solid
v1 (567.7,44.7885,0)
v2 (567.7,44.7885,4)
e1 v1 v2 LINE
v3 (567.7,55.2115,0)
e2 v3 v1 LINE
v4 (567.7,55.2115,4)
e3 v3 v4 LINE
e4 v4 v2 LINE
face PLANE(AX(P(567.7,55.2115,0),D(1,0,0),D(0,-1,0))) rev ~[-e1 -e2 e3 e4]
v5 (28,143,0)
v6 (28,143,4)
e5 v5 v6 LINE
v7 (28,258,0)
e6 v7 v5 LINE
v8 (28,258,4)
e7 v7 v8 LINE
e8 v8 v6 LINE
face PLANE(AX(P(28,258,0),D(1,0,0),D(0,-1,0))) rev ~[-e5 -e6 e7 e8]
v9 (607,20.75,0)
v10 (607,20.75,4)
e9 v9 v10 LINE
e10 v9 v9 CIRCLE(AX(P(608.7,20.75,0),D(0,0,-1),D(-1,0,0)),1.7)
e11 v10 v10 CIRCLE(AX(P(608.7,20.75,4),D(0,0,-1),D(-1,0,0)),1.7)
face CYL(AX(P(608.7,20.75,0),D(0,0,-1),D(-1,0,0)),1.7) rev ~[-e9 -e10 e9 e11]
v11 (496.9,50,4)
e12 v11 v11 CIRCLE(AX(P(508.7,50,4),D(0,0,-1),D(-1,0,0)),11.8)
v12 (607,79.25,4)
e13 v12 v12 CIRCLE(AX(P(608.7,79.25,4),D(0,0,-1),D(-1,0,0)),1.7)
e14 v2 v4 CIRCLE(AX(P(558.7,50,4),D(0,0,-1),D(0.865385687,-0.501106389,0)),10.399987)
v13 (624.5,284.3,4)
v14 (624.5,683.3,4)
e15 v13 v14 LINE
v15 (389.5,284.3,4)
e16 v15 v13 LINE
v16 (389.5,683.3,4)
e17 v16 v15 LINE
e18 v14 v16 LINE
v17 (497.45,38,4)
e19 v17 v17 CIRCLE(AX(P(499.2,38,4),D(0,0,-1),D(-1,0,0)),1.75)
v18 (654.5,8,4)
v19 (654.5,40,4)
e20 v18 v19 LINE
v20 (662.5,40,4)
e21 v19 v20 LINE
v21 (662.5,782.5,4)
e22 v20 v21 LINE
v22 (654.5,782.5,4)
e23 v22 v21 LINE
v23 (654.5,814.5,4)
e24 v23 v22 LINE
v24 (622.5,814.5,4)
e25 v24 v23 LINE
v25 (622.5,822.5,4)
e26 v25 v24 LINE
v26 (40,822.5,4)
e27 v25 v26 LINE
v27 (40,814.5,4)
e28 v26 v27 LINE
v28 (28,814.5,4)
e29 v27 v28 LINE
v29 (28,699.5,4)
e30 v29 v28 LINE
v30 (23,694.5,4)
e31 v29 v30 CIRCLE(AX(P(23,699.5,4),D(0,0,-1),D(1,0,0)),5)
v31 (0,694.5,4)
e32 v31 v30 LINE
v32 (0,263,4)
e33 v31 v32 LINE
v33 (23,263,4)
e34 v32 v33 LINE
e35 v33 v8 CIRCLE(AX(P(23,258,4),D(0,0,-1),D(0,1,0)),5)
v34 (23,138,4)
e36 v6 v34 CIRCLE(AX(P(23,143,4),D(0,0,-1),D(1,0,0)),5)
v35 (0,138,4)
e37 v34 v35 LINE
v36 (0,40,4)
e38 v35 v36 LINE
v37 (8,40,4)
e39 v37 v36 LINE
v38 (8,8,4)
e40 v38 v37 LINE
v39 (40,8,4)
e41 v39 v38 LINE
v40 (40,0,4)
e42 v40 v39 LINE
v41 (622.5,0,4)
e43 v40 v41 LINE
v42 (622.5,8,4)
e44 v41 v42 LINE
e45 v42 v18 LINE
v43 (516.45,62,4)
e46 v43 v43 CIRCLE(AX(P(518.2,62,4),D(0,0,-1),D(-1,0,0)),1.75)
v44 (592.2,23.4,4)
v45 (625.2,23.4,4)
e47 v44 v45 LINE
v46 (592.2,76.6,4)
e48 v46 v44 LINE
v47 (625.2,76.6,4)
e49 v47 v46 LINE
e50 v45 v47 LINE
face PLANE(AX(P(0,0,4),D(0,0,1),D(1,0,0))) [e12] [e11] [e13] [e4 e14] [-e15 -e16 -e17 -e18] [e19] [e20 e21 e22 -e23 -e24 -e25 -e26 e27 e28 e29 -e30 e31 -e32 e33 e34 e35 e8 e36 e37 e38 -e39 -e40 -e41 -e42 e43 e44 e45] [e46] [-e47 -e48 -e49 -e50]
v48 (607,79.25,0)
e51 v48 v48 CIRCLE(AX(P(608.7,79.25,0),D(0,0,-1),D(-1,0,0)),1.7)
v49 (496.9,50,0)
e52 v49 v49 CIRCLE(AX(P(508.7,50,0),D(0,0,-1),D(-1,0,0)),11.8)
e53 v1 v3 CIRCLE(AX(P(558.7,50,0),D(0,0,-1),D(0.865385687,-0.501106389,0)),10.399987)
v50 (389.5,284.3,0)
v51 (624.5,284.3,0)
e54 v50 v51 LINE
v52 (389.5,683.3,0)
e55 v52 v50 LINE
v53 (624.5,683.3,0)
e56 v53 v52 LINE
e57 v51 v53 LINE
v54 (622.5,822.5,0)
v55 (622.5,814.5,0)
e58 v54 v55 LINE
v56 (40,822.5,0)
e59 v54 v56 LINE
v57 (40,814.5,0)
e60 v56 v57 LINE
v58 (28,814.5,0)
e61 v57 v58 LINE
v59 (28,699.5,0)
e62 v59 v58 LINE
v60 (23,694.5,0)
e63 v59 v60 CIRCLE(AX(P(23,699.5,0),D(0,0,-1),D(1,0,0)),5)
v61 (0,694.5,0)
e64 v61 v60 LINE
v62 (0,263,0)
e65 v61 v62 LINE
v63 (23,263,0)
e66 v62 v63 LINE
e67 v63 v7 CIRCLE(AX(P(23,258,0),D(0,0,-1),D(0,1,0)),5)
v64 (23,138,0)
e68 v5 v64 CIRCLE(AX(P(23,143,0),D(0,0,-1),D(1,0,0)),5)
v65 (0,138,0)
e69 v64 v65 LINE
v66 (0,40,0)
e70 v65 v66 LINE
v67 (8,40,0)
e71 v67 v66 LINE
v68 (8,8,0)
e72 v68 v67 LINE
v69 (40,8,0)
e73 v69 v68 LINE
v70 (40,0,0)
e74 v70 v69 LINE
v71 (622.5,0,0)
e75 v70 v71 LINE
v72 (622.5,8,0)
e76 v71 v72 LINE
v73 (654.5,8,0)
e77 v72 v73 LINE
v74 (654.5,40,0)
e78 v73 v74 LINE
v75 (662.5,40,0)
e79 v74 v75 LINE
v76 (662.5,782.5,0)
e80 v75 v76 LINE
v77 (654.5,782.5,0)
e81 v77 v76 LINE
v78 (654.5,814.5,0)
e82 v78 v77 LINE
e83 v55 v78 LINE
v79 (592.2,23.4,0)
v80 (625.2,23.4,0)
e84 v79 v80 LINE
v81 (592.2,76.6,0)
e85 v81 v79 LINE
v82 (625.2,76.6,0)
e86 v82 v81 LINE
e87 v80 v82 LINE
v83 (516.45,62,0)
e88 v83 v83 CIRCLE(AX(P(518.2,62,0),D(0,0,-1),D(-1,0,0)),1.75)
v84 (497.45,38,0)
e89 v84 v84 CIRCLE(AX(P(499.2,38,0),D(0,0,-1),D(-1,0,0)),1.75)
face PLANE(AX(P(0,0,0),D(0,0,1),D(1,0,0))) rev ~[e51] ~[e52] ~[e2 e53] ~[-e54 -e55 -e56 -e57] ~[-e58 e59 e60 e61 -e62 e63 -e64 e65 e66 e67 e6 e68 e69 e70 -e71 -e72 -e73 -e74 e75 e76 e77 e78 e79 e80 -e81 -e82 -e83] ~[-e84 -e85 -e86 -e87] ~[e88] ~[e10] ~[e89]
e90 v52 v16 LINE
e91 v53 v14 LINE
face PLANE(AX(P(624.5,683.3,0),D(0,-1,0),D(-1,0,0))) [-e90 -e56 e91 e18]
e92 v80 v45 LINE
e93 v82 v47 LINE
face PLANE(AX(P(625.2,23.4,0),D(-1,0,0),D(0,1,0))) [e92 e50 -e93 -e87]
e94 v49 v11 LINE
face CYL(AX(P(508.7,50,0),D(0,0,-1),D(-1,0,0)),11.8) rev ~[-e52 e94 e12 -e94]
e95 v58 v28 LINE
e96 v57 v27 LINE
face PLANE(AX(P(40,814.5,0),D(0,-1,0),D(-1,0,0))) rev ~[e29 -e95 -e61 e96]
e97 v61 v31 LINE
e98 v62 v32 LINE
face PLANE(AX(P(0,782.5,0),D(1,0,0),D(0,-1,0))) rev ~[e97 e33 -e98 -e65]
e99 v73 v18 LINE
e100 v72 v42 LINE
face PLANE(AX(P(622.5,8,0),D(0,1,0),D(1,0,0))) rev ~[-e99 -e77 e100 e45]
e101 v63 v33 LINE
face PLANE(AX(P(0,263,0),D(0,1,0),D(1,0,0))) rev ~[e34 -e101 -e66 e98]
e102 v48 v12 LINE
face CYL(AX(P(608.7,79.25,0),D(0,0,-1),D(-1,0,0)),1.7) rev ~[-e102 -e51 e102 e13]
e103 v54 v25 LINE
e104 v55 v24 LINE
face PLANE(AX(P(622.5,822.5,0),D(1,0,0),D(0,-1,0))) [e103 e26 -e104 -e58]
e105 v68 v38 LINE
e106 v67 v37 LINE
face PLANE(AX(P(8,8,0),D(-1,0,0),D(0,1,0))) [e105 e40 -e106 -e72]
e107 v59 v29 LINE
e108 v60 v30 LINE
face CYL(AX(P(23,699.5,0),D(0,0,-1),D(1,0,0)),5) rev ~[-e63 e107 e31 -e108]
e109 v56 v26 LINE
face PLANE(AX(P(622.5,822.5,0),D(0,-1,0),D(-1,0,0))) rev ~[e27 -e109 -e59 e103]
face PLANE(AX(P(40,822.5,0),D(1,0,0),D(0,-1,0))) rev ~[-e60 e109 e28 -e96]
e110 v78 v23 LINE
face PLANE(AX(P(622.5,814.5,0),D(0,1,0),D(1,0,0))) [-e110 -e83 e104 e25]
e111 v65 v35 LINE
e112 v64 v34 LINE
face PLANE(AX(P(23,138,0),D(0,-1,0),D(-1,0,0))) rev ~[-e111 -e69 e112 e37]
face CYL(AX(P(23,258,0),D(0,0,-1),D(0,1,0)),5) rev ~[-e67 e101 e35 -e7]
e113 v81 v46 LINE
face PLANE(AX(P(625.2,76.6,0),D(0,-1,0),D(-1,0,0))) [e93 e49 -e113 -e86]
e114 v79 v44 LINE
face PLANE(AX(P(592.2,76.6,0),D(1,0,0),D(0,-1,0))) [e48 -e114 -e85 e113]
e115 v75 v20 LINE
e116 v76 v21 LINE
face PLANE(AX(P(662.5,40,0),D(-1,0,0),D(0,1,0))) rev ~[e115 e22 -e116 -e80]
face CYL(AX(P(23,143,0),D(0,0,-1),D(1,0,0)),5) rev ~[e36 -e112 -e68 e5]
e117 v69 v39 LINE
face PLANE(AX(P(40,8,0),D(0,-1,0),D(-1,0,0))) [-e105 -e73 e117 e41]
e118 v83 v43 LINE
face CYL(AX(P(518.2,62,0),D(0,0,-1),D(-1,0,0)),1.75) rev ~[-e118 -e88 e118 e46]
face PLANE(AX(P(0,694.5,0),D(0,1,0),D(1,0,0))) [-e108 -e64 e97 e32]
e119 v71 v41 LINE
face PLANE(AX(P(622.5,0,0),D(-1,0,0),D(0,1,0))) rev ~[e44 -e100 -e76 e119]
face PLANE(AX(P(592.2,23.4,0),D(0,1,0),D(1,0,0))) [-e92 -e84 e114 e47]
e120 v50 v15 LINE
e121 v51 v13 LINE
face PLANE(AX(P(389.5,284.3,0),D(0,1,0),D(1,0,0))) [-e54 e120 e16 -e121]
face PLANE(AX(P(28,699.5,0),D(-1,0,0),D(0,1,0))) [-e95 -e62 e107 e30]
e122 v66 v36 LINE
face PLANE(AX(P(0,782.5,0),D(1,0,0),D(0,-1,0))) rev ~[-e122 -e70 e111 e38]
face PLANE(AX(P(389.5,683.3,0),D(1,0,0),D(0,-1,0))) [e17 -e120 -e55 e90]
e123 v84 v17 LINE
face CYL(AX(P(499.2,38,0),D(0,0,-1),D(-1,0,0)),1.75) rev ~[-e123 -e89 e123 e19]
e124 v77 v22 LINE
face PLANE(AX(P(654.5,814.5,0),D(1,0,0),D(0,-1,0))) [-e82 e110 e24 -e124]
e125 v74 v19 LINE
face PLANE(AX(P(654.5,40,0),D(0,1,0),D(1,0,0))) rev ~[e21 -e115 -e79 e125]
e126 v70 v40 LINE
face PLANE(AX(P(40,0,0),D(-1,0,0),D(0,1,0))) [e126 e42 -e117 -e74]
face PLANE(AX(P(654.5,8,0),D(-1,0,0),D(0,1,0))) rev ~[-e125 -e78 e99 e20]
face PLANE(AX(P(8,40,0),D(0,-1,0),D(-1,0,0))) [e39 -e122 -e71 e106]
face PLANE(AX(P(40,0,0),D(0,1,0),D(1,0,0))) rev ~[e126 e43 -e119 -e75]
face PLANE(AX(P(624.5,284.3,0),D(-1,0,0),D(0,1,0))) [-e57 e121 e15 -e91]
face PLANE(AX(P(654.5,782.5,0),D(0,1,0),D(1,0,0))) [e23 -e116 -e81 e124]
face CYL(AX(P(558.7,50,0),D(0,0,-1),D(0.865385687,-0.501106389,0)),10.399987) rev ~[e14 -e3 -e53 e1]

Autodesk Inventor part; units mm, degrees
ref_plane "YZ Plane" through (0, 0, 0) normal (1, 0, 0) x (0, 1, 0)
ref_plane "XZ Plane" through (0, 0, 0) normal (0, 1, 0) x (-1, 0, 0)
ref_plane "XY Plane" through (0, 0, 0) normal (0, 0, 1) x (1, 0, 0)
sketch "Skizze1" plane through (0, 0, 0) normal (0, 0, 1) x (1, 0, 0)
  line L0 (0, 0) -> (662.5, 0)
  line L1 (662.5, 0) -> (662.5, 822.5)
  line L2 (662.5, 822.5) -> (0, 822.5)
  line L3 (0, 822.5) -> (0, 0)
  line L4 (0, 822.5) -> (40, 822.5)
  line L5 (40, 822.5) -> (40, 814.5)
  line L6 (40, 814.5) -> (0, 814.5)
  line L7 (0, 814.5) -> (0, 822.5)
  line L8 (0, 822.5) -> (8, 822.5)
  line L9 (8, 822.5) -> (8, 782.5)
  line L10 (8, 782.5) -> (0, 782.5)
  line L11 (0, 782.5) -> (0, 822.5)
  line L12 (0, 411.25) -> (662.5, 411.25) construction
  line L13 (331.25, 822.5) -> (331.25, 0) construction
  line L14 (0, 0) -> (40, 0)
  line L15 (40, 0) -> (40, 8)
  line L16 (40, 8) -> (0, 8)
  line L17 (0, 8) -> (0, 0)
  line L18 (0, 0) -> (8, 0)
  line L19 (8, 0) -> (8, 40)
  line L20 (8, 40) -> (0, 40)
  line L21 (0, 40) -> (0, 0)
  line L22 (662.5, 822.5) -> (662.5, 0)
  line L23 (662.5, 822.5) -> (622.5, 822.5)
  line L24 (622.5, 822.5) -> (622.5, 814.5)
  line L25 (622.5, 814.5) -> (662.5, 814.5)
  line L26 (662.5, 814.5) -> (662.5, 822.5)
  line L27 (662.5, 822.5) -> (654.5, 822.5)
  line L28 (654.5, 822.5) -> (654.5, 782.5)
  line L29 (654.5, 782.5) -> (662.5, 782.5)
  line L30 (662.5, 782.5) -> (662.5, 822.5)
  line L31 (662.5, 0) -> (654.5, 0)
  line L32 (662.5, 0) -> (622.5, 0)
  line L33 (622.5, 0) -> (622.5, 8)
  line L34 (622.5, 8) -> (662.5, 8)
  line L35 (654.5, 0) -> (654.5, 40)
  line L36 (662.5, 8) -> (662.5, 0)
  line L37 (654.5, 40) -> (662.5, 40)
  line L38 (662.5, 40) -> (662.5, 0)
  point P0 (662.5, 782.5)
  point P1 (654.5, 814.5)
  point P2 (8, 814.5)
  point P3 (0, 782.5)
  point P4 (0, 40)
  point P5 (8, 8)
  point P6 (654.5, 8)
  point P7 (662.5, 40)
  dimension "d0" = 662.5
  dimension "d1" = 822.5
  dimension "d2" = 40
  dimension "d3" = 8
  dimension "d4" = 8
  dimension "d5" = 40
extrude "Extrusion1" add sketch "Skizze1" along normal blind 4 contours L15 L16 L19 L20 L3 L10 L9 L6 L5 L2 L24 L25 L28 L29 L1 L37 L35 L34 L33 L0
sketch "Skizze2" plane through (0, 0, 0) normal (0, 0, -1) x (-1, 0, 0)
  line L0 (-624.5, 683.3) -> (-389.5, 683.3)
  line L1 (-389.5, 683.3) -> (-389.5, 284.3)
  line L2 (-389.5, 284.3) -> (-624.5, 284.3)
  line L3 (-624.5, 284.3) -> (-624.5, 683.3)
  line L4 (-654.5, 782.5) -> (-654.5, 814.5) projected
  line L5 (-654.5, 814.5) -> (-622.5, 814.5) projected
  point P0 (0, 0)
  dimension "d11" = 399
  dimension "d12" = 235
  dimension "d13" = 30
  dimension "d14" = 131.2
extrude "Extrusion2" cut sketch "Skizze2" against normal up to surface (4 mm away)
sketch "Skizze3" plane through (0, 0, 0) normal (0, 0, -1) x (-1, 0, 0)
  line L0 (0, 782.5) -> (0, 40) projected
  line L1 (-28, 814.5) -> (0, 814.5)
  line L2 (0, 814.5) -> (0, 694.5)
  line L3 (0, 694.5) -> (-23, 694.5)
  line L4 (-28, 699.5) -> (-28, 814.5)
  line L5 (0, 263) -> (-23, 263)
  line L6 (-28, 258) -> (-28, 143)
  line L7 (-23, 138) -> (0, 138)
  line L8 (0, 138) -> (0, 263)
  line L9 (-8, 40) -> (-8, 8) projected
  line L10 (-8, 8) -> (-40, 8) projected
  line L11 (-8, 814.5) -> (-8, 782.5) projected
  line L12 (-40, 814.5) -> (-8, 814.5) projected
  arc A0 (-28, 699.5) -> (-23, 694.5) centre (-23, 699.5) ccw
  arc A1 (-23, 263) -> (-28, 258) centre (-23, 258) ccw
  arc A2 (-28, 143) -> (-23, 138) centre (-23, 143) ccw
  point P0 (0, 0)
  point P1 (-28, 694.5)
  point P2 (-28, 263)
  point P3 (0, 138)
  point P4 (0, 686.15)
  point P5 (-28, 138)
  point P6 (0, 138)
  dimension "d17" = 20
  dimension "d19" = 20
  dimension "d20" = 0
  dimension "d21" = 120
  dimension "d61" = 130
  dimension "d62" = 120
  dimension "d63" = 5
  dimension "d64" = 5
extrude "Extrusion3" cut sketch "Skizze3" against normal up to surface (4 mm away)
sketch "Skizze4" plane through (0, 0, 0) normal (0, 0, -1) x (-1, 0, 0)
  line L0 (-619.5, 194.3) -> (-449.5, 194.3)
  line L1 (-444.5, 189.3) -> (-444.5, 159.3)
  line L2 (-449.5, 154.3) -> (-619.5, 154.3)
  line L3 (-624.5, 159.3) -> (-624.5, 189.3)
  line L4 (-624.5, 284.3) -> (-624.5, 683.3) projected
  line L5 (-389.5, 284.3) -> (-624.5, 284.3) projected
  arc A0 (-619.5, 194.3) -> (-624.5, 189.3) centre (-619.5, 189.3) ccw
  arc A1 (-624.5, 159.3) -> (-619.5, 154.3) centre (-619.5, 159.3) ccw
  arc A2 (-449.5, 154.3) -> (-444.5, 159.3) centre (-449.5, 159.3) ccw
  arc A3 (-444.5, 189.3) -> (-449.5, 194.3) centre (-449.5, 189.3) ccw
  point P0 (0, 0)
  dimension "d25" = 90
  dimension "d26" = 40
  dimension "d27" = 180
  dimension "d28" = 5
extrude "Extrusion4" cut sketch "Skizze4" against normal up to surface (4 mm away)
sketch "Skizze5" plane through (0, 0, 0) normal (0, 0, -1) x (-1, 0, 0)
  line L0 (-645.9539, 213.8422) -> (-402.4483, 213.8422)
  line L1 (-402.4483, 213.8422) -> (-402.4483, 126.1802)
  line L2 (-402.4483, 126.1802) -> (-645.9539, 126.1802)
  line L3 (-645.9539, 126.1802) -> (-645.9539, 213.8422)
  point P0 (0, 0)
extrude "Extrusion5" add sketch "Skizze5" against normal blind 4
sketch "Skizze6" plane through (0, 0, 0) normal (0, 0, -1) x (-1, 0, 0)
  line L0 (-625.2, 76.6) -> (-592.2, 76.6)
  line L1 (-592.2, 76.6) -> (-592.2, 23.4)
  line L2 (-592.2, 23.4) -> (-625.2, 23.4)
  line L3 (-625.2, 23.4) -> (-625.2, 76.6)
  circle A0 centre (-608.7, 79.25) radius 1.7
  circle A1 centre (-608.7, 20.75) radius 1.7
  line L4 (-40, 0) -> (-622.5, 0) projected
  line L5 (-662.5, 40) -> (-662.5, 782.5) projected
  arc A2 (-567.7, 44.7885) -> (-567.7, 55.2115) centre (-558.7, 50) ccw
  line L6 (-567.7, 55.2115) -> (-567.7, 44.7885)
  circle A3 centre (-508.7, 50) radius 11.8
  circle A4 centre (-518.2, 62) radius 1.75
  circle A5 centre (-499.2, 38) radius 1.75
  line L7 (-654.7, 10) -> (-654.7, 0) construction
  line L8 (-654.5, 8) -> (-654.5, 40) projected
  point P0 (0, 0)
  point P1 (-592.2, 50)
  point P2 (-625.2, 50)
  point P3 (-608.7, 23.4)
  dimension "d33" = 53.2
  dimension "d34" = 33
  dimension "d35" = 16.5
  dimension "d36" = 0
  dimension "d37" = 58.5
  dimension "d38" = 29.25
  dimension "d39" = 3.4
  dimension "d40" = 50
  dimension "d43" = 20.8
  dimension "d44" = 19.4
  dimension "d45" = 0
  dimension "d46" = 50
  dimension "d47" = 24
  dimension "d48" = 12
  dimension "d49" = 23.6
  dimension "d50" = 19
  dimension "d51" = 9.5
  dimension "d52" = 3.5
  dimension "d53" = 0
  dimension "d54" = 50
  dimension "d55" = 10
  dimension "d56" = 0
  dimension "d57" = 0.2
  dimension "d58" = 46
extrude "Extrusion6" cut sketch "Skizze6" against normal blind 4
equation "\"d35\" = 0.5 * d34"
equation "\"d38\" = 0.5 * d37"
equation "\"d48\" = 0.5 * d47"
equation "\"d51\" = 0.5 * d50"
equation "\"d54\" = d46"
properties part number "101.003.01_Abdeckung_HMI_links" material "PMMA-Kunststoff"
